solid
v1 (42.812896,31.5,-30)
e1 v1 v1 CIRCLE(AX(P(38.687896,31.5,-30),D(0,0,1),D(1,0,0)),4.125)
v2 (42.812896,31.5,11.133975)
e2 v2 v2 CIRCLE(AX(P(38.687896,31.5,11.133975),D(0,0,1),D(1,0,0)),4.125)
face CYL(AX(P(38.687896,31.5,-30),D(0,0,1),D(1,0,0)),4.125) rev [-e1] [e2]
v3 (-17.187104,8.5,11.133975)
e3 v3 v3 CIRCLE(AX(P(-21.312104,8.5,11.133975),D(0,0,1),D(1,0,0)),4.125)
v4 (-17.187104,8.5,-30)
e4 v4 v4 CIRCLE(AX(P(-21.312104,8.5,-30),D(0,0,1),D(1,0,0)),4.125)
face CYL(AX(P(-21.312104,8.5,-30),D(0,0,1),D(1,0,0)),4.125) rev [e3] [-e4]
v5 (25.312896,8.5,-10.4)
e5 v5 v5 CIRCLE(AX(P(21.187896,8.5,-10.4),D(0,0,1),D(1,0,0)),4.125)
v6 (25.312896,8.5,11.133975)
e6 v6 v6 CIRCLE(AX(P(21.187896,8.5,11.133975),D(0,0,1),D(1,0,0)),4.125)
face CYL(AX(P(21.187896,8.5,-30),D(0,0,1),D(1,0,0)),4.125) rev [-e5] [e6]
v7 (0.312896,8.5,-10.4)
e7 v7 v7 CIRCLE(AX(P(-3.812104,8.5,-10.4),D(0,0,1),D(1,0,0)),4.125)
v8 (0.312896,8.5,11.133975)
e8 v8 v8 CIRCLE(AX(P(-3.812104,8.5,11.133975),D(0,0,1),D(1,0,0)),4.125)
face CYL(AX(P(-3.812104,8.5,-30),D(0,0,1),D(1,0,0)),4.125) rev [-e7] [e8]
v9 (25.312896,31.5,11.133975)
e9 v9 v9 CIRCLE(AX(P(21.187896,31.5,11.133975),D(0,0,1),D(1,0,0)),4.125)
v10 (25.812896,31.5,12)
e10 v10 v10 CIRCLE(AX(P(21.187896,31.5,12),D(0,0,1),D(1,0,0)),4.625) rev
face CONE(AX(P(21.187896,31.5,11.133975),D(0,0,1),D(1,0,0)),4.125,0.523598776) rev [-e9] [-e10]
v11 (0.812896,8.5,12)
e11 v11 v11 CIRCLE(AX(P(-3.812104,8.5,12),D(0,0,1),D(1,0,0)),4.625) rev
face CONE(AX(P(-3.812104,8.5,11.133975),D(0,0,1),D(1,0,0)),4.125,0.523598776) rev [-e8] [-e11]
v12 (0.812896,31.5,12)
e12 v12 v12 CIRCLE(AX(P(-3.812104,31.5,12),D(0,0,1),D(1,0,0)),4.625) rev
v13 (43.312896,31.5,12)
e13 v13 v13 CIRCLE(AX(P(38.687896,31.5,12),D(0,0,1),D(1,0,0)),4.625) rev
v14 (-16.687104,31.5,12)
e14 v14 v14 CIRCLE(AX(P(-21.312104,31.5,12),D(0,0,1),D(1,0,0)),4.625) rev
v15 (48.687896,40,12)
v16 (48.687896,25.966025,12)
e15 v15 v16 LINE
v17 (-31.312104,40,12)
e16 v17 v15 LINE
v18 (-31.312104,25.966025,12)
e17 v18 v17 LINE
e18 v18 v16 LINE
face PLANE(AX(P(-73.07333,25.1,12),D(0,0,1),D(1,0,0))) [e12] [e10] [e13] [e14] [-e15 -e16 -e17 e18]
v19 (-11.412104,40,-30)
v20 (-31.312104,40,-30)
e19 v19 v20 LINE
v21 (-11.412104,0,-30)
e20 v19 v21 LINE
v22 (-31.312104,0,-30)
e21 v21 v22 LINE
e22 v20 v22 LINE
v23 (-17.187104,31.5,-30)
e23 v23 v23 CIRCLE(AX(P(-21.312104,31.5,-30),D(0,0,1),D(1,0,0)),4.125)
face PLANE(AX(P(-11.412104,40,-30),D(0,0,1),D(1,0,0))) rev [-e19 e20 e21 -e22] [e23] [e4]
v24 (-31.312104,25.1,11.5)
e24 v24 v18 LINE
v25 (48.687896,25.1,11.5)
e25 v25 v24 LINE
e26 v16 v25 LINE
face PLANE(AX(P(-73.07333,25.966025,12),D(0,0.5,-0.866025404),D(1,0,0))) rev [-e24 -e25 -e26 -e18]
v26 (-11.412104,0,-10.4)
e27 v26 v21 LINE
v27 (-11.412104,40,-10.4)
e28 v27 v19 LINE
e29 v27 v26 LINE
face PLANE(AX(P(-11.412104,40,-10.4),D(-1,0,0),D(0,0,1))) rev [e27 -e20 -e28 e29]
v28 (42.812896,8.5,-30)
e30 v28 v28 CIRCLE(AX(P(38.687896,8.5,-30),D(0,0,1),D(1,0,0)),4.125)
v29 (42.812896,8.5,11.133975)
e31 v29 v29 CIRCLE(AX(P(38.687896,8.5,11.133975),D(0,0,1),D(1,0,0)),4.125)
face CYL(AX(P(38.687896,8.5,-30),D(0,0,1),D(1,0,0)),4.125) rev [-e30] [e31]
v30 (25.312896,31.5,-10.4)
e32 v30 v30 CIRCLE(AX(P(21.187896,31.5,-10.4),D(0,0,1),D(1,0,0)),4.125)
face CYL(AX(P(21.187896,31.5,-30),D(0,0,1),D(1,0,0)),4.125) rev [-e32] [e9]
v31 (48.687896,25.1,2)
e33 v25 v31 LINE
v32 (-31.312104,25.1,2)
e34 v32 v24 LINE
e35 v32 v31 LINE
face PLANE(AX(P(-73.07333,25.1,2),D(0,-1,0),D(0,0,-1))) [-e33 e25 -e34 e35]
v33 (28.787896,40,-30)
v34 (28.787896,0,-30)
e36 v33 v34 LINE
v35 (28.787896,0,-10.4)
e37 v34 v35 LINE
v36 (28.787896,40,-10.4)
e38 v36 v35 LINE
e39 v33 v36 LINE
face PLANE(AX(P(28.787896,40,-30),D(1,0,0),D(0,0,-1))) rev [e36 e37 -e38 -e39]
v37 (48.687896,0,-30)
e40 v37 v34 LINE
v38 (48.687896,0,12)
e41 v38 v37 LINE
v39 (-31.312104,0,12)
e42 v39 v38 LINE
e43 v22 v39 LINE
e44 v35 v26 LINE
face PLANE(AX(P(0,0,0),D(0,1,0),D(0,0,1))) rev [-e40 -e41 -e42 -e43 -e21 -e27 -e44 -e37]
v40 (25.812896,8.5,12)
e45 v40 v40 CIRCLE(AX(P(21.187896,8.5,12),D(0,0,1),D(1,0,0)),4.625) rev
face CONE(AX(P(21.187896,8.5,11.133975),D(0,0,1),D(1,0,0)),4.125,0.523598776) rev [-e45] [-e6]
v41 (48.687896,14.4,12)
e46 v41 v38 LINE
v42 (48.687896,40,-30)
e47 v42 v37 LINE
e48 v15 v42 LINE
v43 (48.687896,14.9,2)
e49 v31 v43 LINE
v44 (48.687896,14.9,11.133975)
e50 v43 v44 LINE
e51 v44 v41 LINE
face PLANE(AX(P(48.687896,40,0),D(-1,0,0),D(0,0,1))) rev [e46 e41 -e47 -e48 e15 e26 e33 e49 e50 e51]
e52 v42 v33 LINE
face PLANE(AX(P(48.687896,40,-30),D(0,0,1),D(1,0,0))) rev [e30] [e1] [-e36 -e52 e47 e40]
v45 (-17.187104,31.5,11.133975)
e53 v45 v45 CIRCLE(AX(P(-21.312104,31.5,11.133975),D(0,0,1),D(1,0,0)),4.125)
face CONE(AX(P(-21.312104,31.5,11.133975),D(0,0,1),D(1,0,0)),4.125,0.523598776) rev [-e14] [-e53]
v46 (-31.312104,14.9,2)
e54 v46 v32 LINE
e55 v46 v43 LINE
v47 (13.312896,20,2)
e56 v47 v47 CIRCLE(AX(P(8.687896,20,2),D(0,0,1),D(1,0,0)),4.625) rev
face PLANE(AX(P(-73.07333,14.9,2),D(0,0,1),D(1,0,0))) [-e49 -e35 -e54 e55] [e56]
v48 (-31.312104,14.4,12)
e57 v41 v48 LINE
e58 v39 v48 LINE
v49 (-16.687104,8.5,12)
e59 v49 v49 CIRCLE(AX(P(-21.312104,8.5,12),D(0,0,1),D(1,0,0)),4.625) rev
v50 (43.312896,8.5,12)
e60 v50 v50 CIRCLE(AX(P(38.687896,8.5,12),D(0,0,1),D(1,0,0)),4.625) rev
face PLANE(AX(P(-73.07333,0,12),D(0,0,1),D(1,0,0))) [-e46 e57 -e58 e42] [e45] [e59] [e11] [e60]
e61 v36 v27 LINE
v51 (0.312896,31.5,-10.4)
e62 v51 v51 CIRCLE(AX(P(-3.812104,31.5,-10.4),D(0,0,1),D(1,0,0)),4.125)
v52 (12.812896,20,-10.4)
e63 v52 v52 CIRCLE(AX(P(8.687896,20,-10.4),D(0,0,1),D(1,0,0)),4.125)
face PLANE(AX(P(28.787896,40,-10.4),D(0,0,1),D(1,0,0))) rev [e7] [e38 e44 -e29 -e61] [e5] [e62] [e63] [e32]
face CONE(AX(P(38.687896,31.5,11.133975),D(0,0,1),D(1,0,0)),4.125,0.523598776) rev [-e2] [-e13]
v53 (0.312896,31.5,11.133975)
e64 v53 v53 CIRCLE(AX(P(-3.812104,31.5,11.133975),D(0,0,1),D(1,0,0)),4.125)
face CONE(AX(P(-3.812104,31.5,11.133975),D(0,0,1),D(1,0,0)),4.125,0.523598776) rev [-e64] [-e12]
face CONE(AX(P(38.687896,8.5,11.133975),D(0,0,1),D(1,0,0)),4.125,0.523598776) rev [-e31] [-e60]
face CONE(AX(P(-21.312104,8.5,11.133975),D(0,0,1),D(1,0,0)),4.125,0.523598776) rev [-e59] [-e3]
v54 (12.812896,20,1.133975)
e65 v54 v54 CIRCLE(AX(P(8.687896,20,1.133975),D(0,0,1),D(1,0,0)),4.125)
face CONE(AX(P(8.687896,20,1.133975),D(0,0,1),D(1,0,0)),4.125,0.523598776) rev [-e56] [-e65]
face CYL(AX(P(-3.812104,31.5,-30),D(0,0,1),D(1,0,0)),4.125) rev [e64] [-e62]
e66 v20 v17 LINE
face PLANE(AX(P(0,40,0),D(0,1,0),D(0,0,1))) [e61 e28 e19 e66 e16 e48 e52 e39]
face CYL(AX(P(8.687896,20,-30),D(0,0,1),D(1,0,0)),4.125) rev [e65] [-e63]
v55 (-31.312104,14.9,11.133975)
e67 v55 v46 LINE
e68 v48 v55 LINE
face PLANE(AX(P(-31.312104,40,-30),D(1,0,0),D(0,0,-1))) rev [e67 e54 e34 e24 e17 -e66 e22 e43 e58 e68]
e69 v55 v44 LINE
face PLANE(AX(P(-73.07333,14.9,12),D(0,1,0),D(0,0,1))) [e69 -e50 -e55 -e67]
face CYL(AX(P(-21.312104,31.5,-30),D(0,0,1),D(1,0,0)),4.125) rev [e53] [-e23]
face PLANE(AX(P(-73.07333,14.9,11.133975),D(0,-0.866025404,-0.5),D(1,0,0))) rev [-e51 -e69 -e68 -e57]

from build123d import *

# Parameters (mm, degrees)
BOSS_EXTRUDE2_DEPTH   = 40
BOSS_EXTRUDE3_DEPTH   = 80
SKETCH5_R             = 4.125
CUT_EXTRUDE1_DEPTH    = 43
CHAMFER1_SIZE         = 0.5
CHAMFER1_SIZE2        = 0.866025404
CHAMFER1_PART_2_SIZE  = 0.5
CHAMFER1_PART_2_SIZE2 = 0.866025404
CHAMFER1_PART_3_SIZE  = 0.5
CHAMFER1_PART_3_SIZE2 = 0.866025404
CHAMFER1_PART_4_SIZE  = 0.5
CHAMFER1_PART_4_SIZE2 = 0.866025404


with BuildPart() as part:
    # Sketch2 → Boss-Extrude2 (new body)
    with BuildSketch(Plane(origin=(0, 0, 0), x_dir=(1, 0, 0), z_dir=(0, 1, 0))):
        Polygon((-31.312103746, 30), (-31.312103746, 0), (48.687896254, 0), (48.687896254, 30), (28.787896254, 30), (28.787896254, 10.4), (-11.412103746, 10.4), (-11.412103746, 30), align=None)
    extrude(amount=BOSS_EXTRUDE2_DEPTH)

    # Sketch4 → Boss-Extrude3 (add)
    with BuildSketch(Plane(origin=(48.687896254, 0, 0), x_dir=(0, 0, -1), z_dir=(1, 0, 0))):
        Polygon((0, 0), (-12, 0), (-12, 14.9), (-2, 14.9), (-2, 25.1), (-12, 25.1), (-12, 40), (0, 40), align=None)
    extrude(amount=-BOSS_EXTRUDE3_DEPTH)

    # Sketch5 → Cut-Extrude1 (cut, through all)
    with BuildSketch(Plane.XY.offset(12)):
        with Locations((-3.812103746, 31.5)):
            Circle(SKETCH5_R)
        with Locations((21.187896254, 31.5)):
            Circle(SKETCH5_R)
        with Locations((21.187896254, 8.5)):
            Circle(SKETCH5_R)
        with Locations((-3.812103746, 8.5)):
            Circle(SKETCH5_R)
        with Locations((-21.312103746, 31.5)):
            Circle(SKETCH5_R)
        with Locations((-21.312103746, 8.5)):
            Circle(SKETCH5_R)
        with Locations((38.687896254, 8.5)):
            Circle(SKETCH5_R)
        with Locations((38.687896254, 31.5)):
            Circle(SKETCH5_R)
        with Locations((8.687896254, 20)):
            Circle(SKETCH5_R)
    extrude(amount=-CUT_EXTRUDE1_DEPTH, mode=Mode.SUBTRACT)

    # Chamfer1
    chamfer1_edges = [part.edges().sort_by_distance(p)[0] for p in [
        (8.687896254, 14.9, 12),
        (34.562896254, 8.5, 12),
        (-25.437103746, 8.5, 12),
        (-7.937103746, 8.5, 12),
        (17.062896254, 8.5, 12),
    ]]
    chamfer1_side = [part.faces().sort_by_distance(p)[0] for p in [
        (8.687896254, 7.220474811, 12),
    ]]
    chamfer(chamfer1_edges, length=CHAMFER1_SIZE, length2=CHAMFER1_SIZE2, reference=chamfer1_side[0])

    # Chamfer1 part 2
    chamfer1_part_2_edges = [part.edges().sort_by_distance(p)[0] for p in [
        (8.687896254, 25.1, 12),
    ]]
    chamfer1_part_2_side = [part.faces().sort_by_distance(p)[0] for p in [
        (8.687896254, 25.1, 7),
    ]]
    chamfer(chamfer1_part_2_edges, length=CHAMFER1_PART_2_SIZE, length2=CHAMFER1_PART_2_SIZE2, reference=chamfer1_part_2_side[0])

    # Chamfer1 part 3
    chamfer1_part_3_edges = [part.edges().sort_by_distance(p)[0] for p in [
        (-7.937103746, 31.5, 12),
        (34.562896254, 31.5, 12),
        (-25.437103746, 31.5, 12),
        (17.062896254, 31.5, 12),
    ]]
    chamfer1_part_3_side = [part.faces().sort_by_distance(p)[0] for p in [
        (8.687896254, 32.779525189, 12),
    ]]
    chamfer(chamfer1_part_3_edges, length=CHAMFER1_PART_3_SIZE, length2=CHAMFER1_PART_3_SIZE2, reference=chamfer1_part_3_side[0])

    # Chamfer1 part 4
    chamfer1_part_4_edges = [part.edges().sort_by_distance(p)[0] for p in [
        (4.562896254, 20, 2),
    ]]
    chamfer1_part_4_side = [part.faces().sort_by_distance(p)[0] for p in [
        (8.687896254, 15.706476286, 2),
    ]]
    chamfer(chamfer1_part_4_edges, length=CHAMFER1_PART_4_SIZE, length2=CHAMFER1_PART_4_SIZE2, reference=chamfer1_part_4_side[0])


solid = part.part
